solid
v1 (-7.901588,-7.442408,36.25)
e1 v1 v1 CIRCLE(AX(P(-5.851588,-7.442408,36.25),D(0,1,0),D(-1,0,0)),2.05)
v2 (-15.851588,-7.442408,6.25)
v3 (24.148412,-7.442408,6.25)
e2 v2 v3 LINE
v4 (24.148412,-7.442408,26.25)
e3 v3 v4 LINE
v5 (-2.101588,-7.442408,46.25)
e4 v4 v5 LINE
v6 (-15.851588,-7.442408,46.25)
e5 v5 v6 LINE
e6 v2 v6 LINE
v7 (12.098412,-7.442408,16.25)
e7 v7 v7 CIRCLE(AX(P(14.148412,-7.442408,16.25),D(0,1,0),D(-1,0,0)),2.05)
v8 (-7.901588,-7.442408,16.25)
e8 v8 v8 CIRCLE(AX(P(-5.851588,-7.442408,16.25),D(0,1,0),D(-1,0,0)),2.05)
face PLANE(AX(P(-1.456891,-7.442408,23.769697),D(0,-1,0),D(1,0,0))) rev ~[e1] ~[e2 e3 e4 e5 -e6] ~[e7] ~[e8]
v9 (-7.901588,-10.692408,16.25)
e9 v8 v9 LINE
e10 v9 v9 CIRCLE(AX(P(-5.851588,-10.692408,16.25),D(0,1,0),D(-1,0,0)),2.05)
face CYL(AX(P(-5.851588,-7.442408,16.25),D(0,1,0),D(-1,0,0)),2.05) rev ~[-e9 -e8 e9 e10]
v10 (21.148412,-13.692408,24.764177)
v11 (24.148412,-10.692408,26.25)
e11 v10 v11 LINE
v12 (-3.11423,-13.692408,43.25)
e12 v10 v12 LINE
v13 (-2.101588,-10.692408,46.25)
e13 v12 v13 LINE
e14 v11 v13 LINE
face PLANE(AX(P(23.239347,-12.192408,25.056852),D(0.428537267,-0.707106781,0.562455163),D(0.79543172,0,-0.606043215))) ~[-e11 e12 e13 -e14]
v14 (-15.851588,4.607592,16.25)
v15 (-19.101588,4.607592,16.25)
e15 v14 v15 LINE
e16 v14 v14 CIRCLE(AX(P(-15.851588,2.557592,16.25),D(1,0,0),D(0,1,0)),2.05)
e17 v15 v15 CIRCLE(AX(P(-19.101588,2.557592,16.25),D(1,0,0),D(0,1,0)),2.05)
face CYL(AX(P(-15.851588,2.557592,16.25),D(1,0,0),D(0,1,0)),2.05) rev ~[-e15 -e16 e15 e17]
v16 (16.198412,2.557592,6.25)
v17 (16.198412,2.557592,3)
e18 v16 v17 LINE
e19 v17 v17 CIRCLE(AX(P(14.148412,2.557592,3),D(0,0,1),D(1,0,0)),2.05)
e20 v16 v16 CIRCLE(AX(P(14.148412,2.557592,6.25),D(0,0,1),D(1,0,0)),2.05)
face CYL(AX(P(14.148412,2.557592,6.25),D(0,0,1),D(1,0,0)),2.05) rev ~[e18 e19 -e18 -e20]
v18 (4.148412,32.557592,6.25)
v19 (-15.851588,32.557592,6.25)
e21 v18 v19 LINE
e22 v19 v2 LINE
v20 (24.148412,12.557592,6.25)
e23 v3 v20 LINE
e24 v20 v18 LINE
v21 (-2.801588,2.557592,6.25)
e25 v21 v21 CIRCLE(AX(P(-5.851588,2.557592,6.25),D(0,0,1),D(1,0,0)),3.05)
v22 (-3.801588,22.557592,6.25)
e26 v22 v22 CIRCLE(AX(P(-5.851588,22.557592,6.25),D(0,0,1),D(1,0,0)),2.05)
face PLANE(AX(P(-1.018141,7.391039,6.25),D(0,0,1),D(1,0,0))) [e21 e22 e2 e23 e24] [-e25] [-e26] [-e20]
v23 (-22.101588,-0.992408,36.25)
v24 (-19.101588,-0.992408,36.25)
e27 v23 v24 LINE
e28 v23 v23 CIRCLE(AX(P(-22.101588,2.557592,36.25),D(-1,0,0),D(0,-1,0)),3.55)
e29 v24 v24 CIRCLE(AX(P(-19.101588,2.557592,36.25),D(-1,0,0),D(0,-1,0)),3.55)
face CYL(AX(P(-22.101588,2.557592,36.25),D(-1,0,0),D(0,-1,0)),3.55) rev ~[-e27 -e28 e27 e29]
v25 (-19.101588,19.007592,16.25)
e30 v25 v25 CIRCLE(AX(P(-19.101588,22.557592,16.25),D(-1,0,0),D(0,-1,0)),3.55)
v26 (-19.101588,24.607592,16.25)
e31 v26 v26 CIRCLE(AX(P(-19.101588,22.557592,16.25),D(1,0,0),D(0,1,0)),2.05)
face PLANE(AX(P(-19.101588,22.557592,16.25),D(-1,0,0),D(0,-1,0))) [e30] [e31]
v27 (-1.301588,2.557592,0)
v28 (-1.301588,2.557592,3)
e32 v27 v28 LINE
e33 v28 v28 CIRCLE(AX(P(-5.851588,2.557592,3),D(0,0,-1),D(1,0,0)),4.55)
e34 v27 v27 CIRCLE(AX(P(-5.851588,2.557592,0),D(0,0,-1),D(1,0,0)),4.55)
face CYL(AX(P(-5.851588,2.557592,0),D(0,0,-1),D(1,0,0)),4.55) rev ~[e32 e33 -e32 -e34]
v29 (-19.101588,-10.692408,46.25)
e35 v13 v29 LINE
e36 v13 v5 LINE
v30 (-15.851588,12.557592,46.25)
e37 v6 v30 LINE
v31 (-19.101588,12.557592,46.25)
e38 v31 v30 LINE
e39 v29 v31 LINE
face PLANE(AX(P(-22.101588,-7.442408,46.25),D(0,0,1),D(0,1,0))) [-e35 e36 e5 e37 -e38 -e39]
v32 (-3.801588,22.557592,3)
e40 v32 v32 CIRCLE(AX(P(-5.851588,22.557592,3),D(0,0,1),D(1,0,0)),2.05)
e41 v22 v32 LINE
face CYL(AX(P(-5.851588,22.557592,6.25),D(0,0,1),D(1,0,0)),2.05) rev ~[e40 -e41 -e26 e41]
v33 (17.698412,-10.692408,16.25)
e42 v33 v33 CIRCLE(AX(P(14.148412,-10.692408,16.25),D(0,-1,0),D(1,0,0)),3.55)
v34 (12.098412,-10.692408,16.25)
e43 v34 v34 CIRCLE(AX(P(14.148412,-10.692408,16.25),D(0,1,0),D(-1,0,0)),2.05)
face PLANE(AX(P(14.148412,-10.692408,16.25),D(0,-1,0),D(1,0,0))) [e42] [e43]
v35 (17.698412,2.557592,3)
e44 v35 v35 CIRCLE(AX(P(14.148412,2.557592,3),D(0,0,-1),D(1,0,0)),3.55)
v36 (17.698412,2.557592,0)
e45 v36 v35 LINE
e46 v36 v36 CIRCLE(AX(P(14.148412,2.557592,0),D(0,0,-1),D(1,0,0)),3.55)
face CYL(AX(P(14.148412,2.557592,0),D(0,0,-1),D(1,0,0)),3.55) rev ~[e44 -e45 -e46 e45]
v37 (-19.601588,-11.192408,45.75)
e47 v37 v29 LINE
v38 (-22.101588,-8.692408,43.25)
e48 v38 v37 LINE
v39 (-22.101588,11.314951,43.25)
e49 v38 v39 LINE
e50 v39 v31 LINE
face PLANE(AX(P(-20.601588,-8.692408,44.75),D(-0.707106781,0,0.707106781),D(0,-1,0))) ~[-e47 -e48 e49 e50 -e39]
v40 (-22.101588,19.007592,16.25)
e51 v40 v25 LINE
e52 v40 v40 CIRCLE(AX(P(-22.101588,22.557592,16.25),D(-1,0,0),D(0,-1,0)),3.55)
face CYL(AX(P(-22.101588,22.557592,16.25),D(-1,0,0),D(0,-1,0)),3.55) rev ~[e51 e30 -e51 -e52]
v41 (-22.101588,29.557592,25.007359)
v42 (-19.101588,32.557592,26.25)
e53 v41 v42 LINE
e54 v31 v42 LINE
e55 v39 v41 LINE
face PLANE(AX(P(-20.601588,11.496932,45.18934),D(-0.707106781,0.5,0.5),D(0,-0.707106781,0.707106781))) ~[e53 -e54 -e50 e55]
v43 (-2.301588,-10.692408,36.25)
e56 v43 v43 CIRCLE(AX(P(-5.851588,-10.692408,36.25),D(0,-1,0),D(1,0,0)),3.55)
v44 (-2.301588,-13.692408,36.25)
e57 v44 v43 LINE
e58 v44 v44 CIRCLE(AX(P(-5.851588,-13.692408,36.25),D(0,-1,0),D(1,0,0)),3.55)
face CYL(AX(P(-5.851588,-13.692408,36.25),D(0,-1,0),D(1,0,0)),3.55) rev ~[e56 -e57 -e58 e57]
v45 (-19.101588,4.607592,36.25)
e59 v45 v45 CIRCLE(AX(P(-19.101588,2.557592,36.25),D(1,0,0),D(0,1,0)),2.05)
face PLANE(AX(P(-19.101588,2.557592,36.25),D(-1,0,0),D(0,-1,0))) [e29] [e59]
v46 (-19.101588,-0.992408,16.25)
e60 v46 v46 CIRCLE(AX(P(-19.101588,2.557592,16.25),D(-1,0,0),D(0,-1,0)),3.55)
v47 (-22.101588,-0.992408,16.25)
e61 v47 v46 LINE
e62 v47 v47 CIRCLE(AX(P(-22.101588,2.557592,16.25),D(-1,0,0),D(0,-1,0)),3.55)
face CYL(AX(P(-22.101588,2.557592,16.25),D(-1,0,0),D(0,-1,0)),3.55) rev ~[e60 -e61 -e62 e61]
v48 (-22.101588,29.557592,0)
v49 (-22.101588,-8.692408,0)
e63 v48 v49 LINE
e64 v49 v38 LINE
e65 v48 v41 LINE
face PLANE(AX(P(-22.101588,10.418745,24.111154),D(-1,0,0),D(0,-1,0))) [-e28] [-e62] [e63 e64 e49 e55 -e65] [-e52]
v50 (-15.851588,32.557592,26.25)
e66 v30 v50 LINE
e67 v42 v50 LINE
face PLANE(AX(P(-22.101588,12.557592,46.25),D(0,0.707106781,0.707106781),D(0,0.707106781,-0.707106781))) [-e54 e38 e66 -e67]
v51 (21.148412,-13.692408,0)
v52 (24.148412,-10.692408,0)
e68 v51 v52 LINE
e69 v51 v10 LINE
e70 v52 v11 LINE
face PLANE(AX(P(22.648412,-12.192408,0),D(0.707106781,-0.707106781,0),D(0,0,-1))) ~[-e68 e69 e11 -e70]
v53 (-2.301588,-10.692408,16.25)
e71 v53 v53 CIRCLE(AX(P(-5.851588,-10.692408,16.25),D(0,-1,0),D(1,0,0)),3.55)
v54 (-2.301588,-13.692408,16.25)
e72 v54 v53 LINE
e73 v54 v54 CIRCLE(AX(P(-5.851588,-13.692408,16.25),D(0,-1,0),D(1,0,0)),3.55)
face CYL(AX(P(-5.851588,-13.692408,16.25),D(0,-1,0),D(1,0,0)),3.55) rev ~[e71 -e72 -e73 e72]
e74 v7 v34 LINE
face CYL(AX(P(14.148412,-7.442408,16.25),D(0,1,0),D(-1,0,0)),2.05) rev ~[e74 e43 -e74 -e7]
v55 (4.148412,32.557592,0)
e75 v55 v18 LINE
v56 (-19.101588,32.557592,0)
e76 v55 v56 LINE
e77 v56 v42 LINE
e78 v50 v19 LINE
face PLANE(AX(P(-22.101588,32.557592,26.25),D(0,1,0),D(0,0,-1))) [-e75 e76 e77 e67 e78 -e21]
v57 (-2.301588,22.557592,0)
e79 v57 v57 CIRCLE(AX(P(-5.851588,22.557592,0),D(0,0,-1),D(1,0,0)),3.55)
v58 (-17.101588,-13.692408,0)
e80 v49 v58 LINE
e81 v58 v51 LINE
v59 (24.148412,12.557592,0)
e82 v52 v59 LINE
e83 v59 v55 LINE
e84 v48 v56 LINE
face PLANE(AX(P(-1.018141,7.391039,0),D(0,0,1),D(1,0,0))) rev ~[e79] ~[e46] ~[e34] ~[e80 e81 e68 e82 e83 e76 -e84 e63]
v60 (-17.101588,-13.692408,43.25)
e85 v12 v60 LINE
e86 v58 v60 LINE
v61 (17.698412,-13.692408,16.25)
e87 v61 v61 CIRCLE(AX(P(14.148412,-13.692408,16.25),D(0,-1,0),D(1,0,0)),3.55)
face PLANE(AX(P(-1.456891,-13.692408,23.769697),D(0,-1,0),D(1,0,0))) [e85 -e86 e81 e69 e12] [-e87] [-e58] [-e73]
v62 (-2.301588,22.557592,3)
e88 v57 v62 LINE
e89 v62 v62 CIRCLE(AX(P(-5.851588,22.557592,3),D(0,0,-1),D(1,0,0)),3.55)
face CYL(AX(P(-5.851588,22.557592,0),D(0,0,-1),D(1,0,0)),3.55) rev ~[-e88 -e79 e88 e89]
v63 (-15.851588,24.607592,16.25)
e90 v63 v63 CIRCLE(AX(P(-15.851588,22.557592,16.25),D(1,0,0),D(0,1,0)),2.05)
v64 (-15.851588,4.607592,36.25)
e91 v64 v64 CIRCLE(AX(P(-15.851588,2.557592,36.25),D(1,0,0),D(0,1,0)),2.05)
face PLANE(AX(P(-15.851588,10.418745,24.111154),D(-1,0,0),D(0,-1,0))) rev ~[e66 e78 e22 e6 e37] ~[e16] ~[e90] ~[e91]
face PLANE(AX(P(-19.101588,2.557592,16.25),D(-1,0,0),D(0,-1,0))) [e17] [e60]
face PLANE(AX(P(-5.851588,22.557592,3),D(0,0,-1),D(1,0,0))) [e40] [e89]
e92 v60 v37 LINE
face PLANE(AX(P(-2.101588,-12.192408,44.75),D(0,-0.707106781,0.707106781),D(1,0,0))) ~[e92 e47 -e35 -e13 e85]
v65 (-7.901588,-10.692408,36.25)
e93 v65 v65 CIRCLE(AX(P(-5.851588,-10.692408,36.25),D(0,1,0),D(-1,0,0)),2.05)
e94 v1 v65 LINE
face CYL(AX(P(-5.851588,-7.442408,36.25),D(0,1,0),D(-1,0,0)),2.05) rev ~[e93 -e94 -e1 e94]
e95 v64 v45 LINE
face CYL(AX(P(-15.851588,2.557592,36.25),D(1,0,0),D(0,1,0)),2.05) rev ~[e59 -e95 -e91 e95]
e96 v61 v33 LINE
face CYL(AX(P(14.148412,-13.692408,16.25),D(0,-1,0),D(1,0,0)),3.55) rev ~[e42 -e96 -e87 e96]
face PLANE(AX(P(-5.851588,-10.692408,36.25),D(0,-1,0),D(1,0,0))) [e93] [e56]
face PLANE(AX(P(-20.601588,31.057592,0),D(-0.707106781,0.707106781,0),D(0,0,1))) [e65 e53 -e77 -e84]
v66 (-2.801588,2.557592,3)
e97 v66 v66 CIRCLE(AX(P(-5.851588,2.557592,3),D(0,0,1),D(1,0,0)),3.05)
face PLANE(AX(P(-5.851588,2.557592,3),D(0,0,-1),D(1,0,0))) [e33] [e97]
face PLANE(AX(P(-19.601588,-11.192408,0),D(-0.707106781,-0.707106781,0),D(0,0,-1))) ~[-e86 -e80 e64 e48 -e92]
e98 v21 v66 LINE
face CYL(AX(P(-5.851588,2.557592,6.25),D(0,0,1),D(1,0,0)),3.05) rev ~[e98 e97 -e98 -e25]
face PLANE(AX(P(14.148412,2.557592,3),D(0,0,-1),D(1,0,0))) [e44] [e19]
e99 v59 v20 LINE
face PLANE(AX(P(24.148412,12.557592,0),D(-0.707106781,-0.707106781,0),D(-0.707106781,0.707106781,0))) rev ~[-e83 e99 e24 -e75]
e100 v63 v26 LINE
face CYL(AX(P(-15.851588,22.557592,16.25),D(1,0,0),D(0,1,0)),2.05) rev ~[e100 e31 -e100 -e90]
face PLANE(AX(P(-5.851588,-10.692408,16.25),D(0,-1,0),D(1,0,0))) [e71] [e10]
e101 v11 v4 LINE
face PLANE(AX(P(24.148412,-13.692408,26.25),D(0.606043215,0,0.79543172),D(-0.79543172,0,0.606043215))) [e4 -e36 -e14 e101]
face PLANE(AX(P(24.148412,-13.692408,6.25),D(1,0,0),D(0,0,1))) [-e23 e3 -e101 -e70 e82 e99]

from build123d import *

# Parameters (mm, degrees)
F1_DEPTH  = 6.25
F3_DEPTH  = 6.25
F5_DEPTH  = 6.25
F6_R      = 2.05
F6_R_2    = 3.05
F7_DEPTH  = 25
F8_R      = 2.05
F9_DEPTH  = 25
F10_R     = 2.05
F11_DEPTH = 25
F13_R     = 3.55
F14_DEPTH = 3
F15_R     = 3.55
F16_DEPTH = 3
F17_R     = 3.55
F17_R_2   = 4.55
F18_DEPTH = 3
F19_SIZE  = 5
F20_SIZE  = 3


with BuildPart() as f1:
    # F0 (on Top) → F1 (new body)
    with BuildSketch(Plane.XY):
        Polygon((4.1484118214, 32.5575917727), (-22.1015881786, 32.5575917727), (-22.1015881786, -13.6924082273), (24.1484118214, -13.6924082273), (24.1484118214, 12.5575917727), align=None)
    extrude(amount=F1_DEPTH)

    # F6 (on face) → F7 (cut)
    with BuildSketch(Plane.XY.offset(6.25)):
        with Locations((-5.8515881786, 22.5575917727)):
            Circle(F6_R)
        with Locations((-5.8515881786, 2.5575917727)):
            Circle(F6_R_2)
        with Locations((14.1484118214, 2.5575917727)):
            Circle(F6_R)
    extrude(amount=-F7_DEPTH, mode=Mode.SUBTRACT)


with BuildPart() as f3:
    # F2 (on face) → F3 (new body)
    with BuildSketch(Plane.XZ.offset(13.6924082273)):
        Polygon((-22.1015881786, 46.25), (-22.1015881786, 6.25), (24.1484118214, 6.25), (24.1484118214, 26.25), (-2.1015881786, 46.25), align=None)
    extrude(amount=-F3_DEPTH)

    # F8 (on face) → F9 (cut)
    with BuildSketch(Plane(origin=(0, -7.4424082273, 0), x_dir=(-1, 0, 0), z_dir=(0, 1, 0))):
        with Locations((5.8515881786, 16.25)):
            Circle(F8_R)
        with Locations((-14.1484118214, 16.25)):
            Circle(F8_R)
        with Locations((5.8515881786, 36.25)):
            Circle(F8_R)
    extrude(amount=-F9_DEPTH, mode=Mode.SUBTRACT)


with BuildPart() as f5:
    # F4 (on face) → F5 (new body)
    with BuildSketch(Plane(origin=(-22.1015881786, 0, 0), x_dir=(0, -1, 0), z_dir=(-1, 0, 0))):
        Polygon((-32.5575917727, 6.25), (7.4424082273, 6.25), (7.4424082273, 46.25), (-12.5575917727, 46.25), (-32.5575917727, 26.25), align=None)
    extrude(amount=-F5_DEPTH)

    # F10 (on face) → F11 (cut)
    with BuildSketch(Plane.YZ.offset(-15.8515881786)):
        with Locations((22.5575917727, 16.25)):
            Circle(F10_R)
        with Locations((2.5575917727, 16.25)):
            Circle(F10_R)
        with Locations((2.5575917727, 36.25)):
            Circle(F10_R)
    extrude(amount=-F11_DEPTH, mode=Mode.SUBTRACT)


with BuildPart() as f1_1:
    add(f1.part)

    # F12: union F3, F5
    add(f3.part)
    add(f5.part)

    # F13 (on face) → F14 (cut)
    with BuildSketch(Plane.XZ.offset(13.6924082273)):
        with Locations((-5.8515881786, 36.25)):
            Circle(F13_R)
        with Locations((14.1484118214, 16.25)):
            Circle(F13_R)
        with Locations((-5.8515881786, 16.25)):
            Circle(F13_R)
    extrude(amount=-F14_DEPTH, mode=Mode.SUBTRACT)

    # F15 (on face) → F16 (cut)
    with BuildSketch(Plane(origin=(-22.1015881786, 0, 0), x_dir=(0, -1, 0), z_dir=(-1, 0, 0))):
        with Locations((-2.5575917727, 36.25)):
            Circle(F15_R)
        with Locations((-2.5575917727, 16.25)):
            Circle(F15_R)
        with Locations((-22.5575917727, 16.25)):
            Circle(F15_R)
    extrude(amount=-F16_DEPTH, mode=Mode.SUBTRACT)

    # F17 (on face) → F18 (cut)
    with BuildSketch(Plane(origin=(0, 0, 0), x_dir=(1, 0, 0), z_dir=(0, 0, -1))):
        with Locations((-5.8515881786, -22.5575917727)):
            Circle(F17_R)
        with Locations((-5.8515881786, -2.5575917727)):
            Circle(F17_R_2)
        with Locations((14.1484118214, -2.5575917727)):
            Circle(F17_R)
    extrude(amount=-F18_DEPTH, mode=Mode.SUBTRACT)

    # F19
    f19_edges = [f1_1.edges().sort_by_distance(p)[0] for p in [
        (-22.101588, -13.692408, 23.125),
    ]]
    chamfer(f19_edges, length=F19_SIZE)

    # F20 (call 1 of 2: OpenCascade refuses the feature's edges together)
    f20_edges = [f1_1.edges().sort_by_distance(p)[0] for p in [
        (-9.601588, -13.692408, 46.25),
        (11.023412, -13.692408, 36.25),
        (24.148412, -13.692408, 13.125),
    ]]
    chamfer(f20_edges, length=F20_SIZE)

    # F20#2 (call 2 of 2)
    f20_2_edges = [f1_1.edges().sort_by_distance(p)[0] for p in [
        (-22.101588, 1.932592, 46.25),
        (-22.101588, 22.557592, 36.25),
        (-22.101588, 32.557592, 13.125),
    ]]
    chamfer(f20_2_edges, length=F20_SIZE)


solid = f1_1.part
